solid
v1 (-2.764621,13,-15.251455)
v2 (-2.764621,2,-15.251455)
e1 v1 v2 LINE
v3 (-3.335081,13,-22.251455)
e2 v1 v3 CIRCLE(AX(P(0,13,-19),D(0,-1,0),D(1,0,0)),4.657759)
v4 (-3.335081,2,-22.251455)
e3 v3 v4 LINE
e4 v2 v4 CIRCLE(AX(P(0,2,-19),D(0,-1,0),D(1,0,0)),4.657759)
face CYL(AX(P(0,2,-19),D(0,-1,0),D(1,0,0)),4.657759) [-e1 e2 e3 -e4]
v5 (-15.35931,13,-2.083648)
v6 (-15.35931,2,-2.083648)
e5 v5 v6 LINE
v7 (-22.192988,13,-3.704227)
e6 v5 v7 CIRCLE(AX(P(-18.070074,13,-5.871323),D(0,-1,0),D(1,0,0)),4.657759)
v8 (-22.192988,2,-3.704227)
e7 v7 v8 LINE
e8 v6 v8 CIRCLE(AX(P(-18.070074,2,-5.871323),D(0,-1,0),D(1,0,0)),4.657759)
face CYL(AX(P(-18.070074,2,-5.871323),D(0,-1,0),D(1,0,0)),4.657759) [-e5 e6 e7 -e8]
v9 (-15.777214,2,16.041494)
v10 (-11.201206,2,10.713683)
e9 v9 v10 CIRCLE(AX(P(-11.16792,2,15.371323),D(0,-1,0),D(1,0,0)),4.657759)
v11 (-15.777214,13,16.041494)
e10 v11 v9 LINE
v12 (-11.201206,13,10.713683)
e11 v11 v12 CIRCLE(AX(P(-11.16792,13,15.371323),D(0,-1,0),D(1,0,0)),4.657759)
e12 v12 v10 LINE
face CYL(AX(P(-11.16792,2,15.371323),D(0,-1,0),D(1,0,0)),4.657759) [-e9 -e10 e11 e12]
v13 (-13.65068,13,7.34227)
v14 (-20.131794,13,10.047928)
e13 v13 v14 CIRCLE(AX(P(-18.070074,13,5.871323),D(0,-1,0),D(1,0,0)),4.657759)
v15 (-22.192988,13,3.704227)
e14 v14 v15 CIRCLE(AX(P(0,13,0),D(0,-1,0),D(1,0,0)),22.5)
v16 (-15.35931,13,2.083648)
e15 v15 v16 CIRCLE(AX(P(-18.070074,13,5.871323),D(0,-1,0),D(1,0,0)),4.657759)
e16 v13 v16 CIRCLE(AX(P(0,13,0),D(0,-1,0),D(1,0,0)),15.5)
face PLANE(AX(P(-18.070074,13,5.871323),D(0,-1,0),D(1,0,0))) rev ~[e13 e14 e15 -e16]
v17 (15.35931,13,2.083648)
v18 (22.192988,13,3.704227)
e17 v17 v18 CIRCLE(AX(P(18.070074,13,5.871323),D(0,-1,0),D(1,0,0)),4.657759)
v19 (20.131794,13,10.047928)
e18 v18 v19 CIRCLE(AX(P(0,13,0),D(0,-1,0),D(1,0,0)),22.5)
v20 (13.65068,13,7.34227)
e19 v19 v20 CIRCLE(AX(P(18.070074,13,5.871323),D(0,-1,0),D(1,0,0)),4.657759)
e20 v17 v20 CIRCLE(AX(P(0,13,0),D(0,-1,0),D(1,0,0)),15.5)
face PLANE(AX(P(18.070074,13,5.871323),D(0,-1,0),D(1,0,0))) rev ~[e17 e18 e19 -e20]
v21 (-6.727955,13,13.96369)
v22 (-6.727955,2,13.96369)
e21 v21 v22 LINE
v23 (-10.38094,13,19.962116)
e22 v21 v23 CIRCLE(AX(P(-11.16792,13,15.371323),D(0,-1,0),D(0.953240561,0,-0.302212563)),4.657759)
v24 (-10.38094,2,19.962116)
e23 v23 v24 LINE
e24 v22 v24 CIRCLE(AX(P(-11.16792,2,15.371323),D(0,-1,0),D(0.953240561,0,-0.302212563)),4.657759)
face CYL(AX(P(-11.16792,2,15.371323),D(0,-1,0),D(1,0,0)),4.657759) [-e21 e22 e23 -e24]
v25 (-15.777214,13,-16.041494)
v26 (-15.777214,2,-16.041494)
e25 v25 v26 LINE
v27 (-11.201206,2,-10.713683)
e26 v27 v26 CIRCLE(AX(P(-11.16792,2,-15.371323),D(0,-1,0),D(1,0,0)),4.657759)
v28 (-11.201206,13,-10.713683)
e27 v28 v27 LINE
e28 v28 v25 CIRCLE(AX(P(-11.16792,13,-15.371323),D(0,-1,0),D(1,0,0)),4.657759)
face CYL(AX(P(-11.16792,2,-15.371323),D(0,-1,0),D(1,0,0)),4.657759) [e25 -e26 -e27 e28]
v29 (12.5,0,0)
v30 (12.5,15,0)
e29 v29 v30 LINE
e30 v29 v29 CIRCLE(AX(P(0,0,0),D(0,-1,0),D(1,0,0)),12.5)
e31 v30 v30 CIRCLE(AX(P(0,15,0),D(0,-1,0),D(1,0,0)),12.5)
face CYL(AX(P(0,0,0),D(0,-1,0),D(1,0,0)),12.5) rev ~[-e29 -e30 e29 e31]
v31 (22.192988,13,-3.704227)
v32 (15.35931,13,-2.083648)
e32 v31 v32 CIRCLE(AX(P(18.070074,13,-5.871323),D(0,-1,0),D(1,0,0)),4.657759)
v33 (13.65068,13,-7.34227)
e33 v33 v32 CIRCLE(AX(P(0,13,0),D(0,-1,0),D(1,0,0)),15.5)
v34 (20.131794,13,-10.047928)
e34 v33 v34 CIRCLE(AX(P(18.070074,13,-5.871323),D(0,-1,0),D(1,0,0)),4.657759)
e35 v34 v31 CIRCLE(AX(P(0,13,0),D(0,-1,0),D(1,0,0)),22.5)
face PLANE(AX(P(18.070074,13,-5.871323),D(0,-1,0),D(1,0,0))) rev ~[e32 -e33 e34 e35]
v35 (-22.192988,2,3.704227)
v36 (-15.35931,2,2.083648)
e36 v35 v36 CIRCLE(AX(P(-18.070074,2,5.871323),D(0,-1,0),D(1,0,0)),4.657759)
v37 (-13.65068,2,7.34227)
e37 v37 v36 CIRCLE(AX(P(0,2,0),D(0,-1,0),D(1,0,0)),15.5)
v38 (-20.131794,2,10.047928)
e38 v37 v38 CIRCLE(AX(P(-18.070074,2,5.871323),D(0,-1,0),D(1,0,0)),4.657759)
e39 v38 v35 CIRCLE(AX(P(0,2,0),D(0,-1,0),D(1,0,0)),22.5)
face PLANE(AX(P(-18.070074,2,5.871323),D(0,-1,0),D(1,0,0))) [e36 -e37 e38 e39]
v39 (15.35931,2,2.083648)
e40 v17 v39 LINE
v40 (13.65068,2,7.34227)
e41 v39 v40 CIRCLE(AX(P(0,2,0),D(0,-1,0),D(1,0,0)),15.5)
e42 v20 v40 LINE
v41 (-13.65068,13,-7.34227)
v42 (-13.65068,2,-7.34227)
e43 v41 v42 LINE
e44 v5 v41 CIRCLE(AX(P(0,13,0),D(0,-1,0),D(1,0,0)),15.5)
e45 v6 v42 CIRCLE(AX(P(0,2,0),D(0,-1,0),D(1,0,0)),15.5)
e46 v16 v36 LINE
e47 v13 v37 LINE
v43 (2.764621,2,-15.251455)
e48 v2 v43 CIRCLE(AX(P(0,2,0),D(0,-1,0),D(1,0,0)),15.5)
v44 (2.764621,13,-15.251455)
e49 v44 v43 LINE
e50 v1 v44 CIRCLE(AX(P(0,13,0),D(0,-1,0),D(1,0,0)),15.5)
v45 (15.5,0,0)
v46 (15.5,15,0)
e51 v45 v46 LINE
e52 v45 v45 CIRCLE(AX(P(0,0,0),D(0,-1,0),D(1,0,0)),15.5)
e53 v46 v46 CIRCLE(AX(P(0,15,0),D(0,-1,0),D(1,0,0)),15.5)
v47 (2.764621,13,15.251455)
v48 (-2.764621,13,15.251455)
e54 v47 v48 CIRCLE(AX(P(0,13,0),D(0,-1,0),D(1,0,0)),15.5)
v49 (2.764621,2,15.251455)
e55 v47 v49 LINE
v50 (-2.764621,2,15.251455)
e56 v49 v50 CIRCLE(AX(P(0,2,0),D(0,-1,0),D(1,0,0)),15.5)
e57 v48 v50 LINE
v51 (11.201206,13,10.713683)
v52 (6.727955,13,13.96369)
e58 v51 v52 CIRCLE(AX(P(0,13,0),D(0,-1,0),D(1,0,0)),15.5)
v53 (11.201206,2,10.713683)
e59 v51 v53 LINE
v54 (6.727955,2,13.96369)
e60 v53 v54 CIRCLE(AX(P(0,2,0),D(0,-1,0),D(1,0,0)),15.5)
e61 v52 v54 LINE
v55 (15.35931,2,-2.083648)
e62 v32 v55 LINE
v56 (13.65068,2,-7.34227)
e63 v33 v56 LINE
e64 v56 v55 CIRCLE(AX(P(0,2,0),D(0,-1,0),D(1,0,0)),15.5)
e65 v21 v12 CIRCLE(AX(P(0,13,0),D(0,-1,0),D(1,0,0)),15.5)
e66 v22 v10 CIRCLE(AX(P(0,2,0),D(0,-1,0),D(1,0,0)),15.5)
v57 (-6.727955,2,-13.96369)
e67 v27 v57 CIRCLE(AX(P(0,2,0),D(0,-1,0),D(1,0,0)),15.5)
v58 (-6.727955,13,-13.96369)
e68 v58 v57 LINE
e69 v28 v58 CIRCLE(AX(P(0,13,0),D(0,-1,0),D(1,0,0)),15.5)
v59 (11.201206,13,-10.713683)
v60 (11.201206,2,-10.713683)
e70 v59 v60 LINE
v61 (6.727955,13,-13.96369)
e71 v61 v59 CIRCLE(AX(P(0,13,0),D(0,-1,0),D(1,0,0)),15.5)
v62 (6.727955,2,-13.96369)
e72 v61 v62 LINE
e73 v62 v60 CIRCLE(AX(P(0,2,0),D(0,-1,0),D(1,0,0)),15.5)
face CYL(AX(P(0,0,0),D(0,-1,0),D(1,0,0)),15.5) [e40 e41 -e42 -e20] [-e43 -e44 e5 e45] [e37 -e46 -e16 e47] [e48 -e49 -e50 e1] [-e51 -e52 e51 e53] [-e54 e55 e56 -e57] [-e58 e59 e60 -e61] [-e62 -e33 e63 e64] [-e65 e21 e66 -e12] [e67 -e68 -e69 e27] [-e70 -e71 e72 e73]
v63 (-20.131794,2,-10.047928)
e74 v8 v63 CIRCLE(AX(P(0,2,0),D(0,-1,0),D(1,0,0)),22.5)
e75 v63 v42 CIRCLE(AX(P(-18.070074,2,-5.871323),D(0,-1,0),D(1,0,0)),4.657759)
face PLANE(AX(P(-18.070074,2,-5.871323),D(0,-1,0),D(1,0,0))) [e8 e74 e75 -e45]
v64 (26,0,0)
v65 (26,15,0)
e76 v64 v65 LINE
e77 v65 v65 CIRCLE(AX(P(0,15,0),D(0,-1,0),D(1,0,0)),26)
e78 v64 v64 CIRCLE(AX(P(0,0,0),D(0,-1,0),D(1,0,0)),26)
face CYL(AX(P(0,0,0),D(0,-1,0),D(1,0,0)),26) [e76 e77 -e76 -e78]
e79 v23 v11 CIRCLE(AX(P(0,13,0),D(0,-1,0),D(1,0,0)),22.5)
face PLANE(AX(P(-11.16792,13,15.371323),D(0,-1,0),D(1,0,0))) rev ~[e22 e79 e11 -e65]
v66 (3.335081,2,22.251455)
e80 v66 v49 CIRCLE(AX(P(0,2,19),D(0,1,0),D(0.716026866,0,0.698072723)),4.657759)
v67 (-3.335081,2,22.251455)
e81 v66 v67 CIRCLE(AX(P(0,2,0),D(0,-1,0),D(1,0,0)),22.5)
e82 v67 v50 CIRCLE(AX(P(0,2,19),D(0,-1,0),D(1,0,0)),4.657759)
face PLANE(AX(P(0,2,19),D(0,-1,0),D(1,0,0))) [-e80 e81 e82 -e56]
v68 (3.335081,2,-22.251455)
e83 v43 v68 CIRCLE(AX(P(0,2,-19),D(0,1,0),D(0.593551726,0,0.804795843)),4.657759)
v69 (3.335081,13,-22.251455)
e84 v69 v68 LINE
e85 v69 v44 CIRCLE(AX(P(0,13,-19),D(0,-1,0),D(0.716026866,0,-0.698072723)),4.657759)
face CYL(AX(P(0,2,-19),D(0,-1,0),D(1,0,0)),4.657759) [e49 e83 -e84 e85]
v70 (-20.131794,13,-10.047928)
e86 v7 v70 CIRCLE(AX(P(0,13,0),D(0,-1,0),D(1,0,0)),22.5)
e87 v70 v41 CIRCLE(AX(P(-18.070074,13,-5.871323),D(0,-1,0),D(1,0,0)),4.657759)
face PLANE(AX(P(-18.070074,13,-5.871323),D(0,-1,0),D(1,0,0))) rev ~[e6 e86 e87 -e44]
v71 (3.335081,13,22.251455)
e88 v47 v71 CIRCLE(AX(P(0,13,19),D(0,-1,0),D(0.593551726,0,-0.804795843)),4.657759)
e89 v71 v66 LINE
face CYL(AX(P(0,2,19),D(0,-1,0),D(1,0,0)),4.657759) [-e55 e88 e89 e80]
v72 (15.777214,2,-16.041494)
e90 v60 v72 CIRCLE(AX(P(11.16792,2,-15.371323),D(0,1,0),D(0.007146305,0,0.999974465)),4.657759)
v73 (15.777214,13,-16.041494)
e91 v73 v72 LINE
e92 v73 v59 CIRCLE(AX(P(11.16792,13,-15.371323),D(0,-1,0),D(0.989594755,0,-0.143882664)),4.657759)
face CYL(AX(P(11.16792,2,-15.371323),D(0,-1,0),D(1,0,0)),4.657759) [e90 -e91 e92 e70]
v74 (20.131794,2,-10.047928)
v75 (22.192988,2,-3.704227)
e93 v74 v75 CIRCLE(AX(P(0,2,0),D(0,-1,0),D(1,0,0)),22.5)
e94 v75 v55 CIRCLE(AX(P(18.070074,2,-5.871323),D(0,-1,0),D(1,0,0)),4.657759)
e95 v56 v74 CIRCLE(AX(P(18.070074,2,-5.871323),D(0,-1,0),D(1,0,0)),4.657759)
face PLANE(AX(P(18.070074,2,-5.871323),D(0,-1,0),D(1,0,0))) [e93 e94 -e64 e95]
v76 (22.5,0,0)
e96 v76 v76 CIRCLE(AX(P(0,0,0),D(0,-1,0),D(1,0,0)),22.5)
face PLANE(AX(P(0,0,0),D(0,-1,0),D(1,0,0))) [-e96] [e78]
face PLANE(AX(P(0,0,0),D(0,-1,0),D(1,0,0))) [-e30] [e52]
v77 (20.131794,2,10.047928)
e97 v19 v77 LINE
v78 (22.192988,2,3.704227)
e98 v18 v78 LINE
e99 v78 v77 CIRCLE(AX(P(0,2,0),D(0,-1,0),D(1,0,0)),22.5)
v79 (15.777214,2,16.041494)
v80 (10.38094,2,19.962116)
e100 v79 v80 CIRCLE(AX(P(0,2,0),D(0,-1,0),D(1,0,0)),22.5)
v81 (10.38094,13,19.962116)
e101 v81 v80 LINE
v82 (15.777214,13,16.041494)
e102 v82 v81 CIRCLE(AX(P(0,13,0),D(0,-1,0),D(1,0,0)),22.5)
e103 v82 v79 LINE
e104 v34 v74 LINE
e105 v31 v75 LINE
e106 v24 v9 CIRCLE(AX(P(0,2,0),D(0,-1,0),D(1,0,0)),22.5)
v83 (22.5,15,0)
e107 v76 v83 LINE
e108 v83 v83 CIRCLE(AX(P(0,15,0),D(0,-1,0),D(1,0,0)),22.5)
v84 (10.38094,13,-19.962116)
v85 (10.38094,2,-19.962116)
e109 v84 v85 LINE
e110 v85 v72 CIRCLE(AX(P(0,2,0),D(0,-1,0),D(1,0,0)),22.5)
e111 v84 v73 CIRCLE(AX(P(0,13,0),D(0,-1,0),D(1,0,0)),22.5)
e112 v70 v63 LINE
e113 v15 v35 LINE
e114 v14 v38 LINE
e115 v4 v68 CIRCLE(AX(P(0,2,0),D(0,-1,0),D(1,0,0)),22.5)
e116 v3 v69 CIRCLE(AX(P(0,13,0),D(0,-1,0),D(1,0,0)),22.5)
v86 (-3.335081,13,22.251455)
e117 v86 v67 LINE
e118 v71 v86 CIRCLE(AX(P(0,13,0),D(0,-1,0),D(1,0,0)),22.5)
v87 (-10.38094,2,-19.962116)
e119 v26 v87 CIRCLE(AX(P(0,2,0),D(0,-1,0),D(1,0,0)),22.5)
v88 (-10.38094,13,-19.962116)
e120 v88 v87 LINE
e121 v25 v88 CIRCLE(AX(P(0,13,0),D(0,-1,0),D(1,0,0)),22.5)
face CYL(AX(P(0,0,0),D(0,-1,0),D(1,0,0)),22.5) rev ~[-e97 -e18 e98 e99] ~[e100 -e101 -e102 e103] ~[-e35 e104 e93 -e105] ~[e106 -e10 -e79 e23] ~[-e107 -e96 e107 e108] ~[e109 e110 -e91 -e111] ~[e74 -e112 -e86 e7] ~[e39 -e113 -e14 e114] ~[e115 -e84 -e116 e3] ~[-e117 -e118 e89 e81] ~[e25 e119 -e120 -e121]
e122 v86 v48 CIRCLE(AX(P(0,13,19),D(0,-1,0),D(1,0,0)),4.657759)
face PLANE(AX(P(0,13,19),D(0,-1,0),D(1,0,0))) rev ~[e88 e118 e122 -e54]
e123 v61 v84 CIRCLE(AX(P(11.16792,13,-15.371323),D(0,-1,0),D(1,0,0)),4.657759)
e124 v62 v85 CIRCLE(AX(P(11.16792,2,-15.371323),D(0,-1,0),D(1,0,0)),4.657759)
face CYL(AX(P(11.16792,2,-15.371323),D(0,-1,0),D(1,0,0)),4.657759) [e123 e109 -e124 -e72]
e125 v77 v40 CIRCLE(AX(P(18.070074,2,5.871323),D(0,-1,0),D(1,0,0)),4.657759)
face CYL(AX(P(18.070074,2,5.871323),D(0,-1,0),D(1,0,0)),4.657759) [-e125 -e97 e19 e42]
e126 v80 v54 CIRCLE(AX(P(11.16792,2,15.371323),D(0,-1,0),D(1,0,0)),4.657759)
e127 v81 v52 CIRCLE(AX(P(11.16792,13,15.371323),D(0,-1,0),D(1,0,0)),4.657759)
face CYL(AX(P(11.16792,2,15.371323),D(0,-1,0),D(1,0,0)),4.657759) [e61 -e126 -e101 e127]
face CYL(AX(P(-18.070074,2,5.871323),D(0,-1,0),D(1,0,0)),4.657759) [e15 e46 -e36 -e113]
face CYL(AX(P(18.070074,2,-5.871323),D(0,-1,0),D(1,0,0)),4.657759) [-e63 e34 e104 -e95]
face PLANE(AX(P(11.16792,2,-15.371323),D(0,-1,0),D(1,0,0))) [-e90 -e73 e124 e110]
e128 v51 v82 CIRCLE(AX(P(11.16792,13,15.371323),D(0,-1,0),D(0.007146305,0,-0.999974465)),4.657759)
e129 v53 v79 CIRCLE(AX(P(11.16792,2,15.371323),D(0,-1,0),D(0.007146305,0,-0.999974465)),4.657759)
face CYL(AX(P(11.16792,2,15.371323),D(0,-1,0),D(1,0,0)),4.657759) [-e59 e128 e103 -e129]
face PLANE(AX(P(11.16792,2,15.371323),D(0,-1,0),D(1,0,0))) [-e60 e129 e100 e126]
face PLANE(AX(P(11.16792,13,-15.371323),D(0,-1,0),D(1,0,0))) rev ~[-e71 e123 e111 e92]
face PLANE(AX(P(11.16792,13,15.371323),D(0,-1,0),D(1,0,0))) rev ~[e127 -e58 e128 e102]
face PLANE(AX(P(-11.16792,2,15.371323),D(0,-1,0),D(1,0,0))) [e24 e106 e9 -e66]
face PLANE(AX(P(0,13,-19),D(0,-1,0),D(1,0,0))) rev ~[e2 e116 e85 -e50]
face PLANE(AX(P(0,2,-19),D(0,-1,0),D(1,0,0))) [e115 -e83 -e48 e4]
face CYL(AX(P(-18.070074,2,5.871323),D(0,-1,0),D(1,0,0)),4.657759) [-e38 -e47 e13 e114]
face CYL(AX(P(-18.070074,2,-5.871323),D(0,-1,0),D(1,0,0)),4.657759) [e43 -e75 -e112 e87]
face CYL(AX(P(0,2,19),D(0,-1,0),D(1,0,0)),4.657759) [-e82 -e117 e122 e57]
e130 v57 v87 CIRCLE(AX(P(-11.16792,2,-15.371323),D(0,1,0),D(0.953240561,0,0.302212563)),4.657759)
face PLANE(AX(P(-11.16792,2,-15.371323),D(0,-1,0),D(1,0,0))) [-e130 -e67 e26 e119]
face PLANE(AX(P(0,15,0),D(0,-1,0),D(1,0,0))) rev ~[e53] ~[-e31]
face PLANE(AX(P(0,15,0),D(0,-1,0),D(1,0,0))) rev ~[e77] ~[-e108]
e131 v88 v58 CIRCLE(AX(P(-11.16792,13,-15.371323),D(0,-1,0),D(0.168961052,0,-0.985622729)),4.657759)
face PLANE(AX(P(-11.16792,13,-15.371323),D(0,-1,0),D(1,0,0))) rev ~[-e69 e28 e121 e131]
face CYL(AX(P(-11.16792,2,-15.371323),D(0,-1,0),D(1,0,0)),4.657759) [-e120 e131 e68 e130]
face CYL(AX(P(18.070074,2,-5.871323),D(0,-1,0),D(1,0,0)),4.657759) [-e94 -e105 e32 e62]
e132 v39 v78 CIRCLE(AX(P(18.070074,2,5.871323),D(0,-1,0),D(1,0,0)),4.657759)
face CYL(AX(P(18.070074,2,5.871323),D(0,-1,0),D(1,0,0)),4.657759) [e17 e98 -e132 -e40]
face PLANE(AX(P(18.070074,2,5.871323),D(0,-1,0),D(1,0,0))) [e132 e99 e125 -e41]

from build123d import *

# Parameters (mm, degrees)
F0_R     = 15.5
F0_R_2   = 12.5
F1_DEPTH = 15
F0_R_3   = 26
F0_R_4   = 22.5
F3_R     = 4.6577592735
F4_DEPTH = 11


with BuildPart() as f1:
    # F0 (on Front) → F1 (new body)
    with BuildSketch(Plane.XZ):
        Circle(F0_R)
        Circle(F0_R_2, mode=Mode.SUBTRACT)
    extrude(amount=-F1_DEPTH)



with BuildPart() as f1b:
    # F0 (on Front) → F1, piece 2 (new body)
    with BuildSketch(Plane.XZ):
        Circle(F0_R_3)
        Circle(F0_R_4, mode=Mode.SUBTRACT)
    extrude(amount=-F1_DEPTH)


with BuildPart() as f1_1:
    add(f1.part)

    add(f1b.part)  # F4 merges F1b
    # F3 (on offset) → F4 (join)
    with BuildSketch(Plane.XZ.offset(-2)):
        with Locations((0, 19)):
            Circle(F3_R)
        with Locations((-11.1679197936, 15.3713228931)):
            Circle(F3_R)
        with Locations((-18.0700738096, 5.8713228931)):
            Circle(F3_R)
        with Locations((-18.0700738096, -5.8713228931)):
            Circle(F3_R)
        with Locations((-11.1679197936, -15.3713228931)):
            Circle(F3_R)
        with Locations((0, -19)):
            Circle(F3_R)
        with Locations((11.1679197936, -15.3713228931)):
            Circle(F3_R)
        with Locations((18.0700738096, -5.8713228931)):
            Circle(F3_R)
        with Locations((18.0700738096, 5.8713228931)):
            Circle(F3_R)
        with Locations((11.1679197936, 15.3713228931)):
            Circle(F3_R)
    extrude(amount=-F4_DEPTH)


solid = f1_1.part
